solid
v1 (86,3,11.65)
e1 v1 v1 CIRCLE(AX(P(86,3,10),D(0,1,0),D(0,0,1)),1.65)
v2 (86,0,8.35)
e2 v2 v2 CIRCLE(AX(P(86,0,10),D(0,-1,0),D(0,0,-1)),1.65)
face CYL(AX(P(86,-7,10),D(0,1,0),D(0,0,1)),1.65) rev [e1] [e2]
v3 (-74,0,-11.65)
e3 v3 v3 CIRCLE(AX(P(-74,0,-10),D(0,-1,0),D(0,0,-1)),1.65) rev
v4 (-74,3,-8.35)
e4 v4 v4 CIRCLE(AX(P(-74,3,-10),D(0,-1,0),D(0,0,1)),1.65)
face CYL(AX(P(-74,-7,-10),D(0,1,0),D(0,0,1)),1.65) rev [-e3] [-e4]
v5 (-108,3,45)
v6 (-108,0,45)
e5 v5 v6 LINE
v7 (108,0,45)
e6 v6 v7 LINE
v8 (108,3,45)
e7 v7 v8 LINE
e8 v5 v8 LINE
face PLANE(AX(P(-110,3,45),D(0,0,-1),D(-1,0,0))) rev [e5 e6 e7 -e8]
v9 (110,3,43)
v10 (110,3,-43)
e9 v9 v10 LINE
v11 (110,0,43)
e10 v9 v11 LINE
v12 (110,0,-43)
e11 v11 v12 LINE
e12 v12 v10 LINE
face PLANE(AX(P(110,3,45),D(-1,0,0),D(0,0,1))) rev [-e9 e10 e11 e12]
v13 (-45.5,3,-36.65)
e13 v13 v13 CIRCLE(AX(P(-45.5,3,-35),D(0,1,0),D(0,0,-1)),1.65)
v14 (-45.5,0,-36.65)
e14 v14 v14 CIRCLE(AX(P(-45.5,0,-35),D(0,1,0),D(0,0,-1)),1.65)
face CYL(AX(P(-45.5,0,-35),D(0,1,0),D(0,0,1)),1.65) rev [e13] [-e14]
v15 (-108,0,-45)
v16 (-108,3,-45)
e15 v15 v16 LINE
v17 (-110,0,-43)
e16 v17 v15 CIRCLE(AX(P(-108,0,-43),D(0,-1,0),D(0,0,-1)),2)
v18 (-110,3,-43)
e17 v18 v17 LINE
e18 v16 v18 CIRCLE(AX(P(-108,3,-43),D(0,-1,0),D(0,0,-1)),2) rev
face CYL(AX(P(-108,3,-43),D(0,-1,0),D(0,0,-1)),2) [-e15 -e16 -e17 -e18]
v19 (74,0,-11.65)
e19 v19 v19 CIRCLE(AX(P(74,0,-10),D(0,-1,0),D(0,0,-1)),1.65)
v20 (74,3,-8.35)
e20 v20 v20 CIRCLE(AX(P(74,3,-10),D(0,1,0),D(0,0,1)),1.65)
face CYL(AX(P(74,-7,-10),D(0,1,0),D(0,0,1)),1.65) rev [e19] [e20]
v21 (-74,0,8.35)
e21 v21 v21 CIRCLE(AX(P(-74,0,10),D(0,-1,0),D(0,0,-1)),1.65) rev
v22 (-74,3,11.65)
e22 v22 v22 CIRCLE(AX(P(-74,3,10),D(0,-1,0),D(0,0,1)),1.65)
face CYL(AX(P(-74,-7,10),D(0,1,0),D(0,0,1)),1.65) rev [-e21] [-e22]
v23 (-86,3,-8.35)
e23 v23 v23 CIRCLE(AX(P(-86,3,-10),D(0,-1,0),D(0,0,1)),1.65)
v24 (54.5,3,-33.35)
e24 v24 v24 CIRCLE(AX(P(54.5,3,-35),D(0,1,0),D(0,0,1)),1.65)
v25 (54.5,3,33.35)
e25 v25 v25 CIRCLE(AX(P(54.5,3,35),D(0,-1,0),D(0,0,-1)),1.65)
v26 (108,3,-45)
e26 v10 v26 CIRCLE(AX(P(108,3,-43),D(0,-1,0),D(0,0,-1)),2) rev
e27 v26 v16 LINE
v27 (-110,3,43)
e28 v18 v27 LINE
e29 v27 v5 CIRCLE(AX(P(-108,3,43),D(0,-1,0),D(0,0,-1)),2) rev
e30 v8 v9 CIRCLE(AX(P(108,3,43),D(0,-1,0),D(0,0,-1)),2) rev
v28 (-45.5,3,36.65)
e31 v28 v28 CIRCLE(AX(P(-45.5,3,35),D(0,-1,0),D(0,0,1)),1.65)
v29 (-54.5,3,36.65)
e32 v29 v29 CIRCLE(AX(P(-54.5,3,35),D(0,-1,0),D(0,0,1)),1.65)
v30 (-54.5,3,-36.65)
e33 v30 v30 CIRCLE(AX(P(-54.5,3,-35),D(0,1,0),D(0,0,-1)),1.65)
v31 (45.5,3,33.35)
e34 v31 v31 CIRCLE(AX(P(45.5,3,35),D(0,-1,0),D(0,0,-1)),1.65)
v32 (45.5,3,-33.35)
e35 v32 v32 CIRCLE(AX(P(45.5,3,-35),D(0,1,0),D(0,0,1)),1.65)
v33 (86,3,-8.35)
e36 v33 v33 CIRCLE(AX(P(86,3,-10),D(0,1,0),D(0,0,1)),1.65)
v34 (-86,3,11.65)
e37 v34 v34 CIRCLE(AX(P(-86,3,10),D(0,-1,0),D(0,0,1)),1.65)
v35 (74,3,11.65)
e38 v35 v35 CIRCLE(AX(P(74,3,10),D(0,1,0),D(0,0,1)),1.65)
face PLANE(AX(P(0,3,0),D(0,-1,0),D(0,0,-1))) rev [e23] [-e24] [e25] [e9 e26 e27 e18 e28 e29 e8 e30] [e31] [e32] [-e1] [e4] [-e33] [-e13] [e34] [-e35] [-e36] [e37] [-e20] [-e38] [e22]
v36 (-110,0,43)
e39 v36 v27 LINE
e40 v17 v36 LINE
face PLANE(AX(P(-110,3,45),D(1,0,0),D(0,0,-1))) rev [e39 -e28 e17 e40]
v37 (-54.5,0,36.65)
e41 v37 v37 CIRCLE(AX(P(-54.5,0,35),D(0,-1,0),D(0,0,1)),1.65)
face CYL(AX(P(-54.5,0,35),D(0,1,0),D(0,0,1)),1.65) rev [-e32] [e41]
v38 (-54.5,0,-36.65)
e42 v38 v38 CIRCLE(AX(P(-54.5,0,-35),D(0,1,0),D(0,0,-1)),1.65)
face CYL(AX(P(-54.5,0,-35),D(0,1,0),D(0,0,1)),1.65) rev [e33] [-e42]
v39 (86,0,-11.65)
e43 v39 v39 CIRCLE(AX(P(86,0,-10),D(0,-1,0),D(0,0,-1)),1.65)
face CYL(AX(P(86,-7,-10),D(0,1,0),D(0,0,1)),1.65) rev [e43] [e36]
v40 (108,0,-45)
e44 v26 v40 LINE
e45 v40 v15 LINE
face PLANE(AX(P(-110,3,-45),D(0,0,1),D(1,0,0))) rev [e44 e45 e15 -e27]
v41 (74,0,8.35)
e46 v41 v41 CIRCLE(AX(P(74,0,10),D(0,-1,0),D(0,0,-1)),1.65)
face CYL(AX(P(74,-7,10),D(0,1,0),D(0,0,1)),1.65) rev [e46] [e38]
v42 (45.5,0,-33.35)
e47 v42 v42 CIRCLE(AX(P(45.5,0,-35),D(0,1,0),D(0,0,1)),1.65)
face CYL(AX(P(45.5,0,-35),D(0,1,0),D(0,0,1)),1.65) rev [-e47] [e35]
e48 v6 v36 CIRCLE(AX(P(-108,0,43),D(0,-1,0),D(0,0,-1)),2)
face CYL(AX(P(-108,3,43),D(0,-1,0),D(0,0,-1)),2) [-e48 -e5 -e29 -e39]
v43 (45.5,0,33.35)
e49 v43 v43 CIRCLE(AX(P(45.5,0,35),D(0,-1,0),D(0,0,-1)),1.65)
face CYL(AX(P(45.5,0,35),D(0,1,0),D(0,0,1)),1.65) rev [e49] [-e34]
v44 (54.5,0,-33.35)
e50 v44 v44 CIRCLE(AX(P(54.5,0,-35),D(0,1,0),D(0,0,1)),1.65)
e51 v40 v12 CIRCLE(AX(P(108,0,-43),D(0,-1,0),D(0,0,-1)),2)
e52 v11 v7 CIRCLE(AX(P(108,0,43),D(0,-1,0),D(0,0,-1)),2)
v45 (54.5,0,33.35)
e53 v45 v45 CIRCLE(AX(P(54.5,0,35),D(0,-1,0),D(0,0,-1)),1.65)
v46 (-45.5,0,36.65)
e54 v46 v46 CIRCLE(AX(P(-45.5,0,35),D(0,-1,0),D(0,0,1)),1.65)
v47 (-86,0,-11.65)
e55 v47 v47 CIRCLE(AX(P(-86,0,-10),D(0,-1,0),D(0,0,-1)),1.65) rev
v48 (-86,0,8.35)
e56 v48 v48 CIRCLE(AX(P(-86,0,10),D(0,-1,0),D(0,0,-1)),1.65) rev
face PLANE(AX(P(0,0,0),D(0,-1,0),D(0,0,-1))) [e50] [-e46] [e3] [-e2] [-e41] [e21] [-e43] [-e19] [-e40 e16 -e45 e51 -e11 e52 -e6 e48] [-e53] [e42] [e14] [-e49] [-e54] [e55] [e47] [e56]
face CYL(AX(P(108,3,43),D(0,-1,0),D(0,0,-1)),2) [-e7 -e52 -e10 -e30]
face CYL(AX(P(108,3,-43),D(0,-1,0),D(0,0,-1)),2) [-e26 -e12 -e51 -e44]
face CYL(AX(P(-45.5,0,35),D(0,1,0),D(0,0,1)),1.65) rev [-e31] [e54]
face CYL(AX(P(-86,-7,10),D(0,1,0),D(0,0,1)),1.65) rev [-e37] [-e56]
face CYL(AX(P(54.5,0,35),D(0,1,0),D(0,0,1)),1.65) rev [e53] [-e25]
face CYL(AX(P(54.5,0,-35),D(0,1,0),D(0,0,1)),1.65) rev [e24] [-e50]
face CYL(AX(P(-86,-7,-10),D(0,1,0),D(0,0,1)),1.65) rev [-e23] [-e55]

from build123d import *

# Parameters (mm, degrees)
SKETCH_1_W          = 220
SKETCH_1_H          = 90
EXTRUDE_1_DEPTH     = 3
SKETCH_4_R          = 1.65
CUT_EXTRUDE_2_DEPTH = 3
FILLET_1_R          = 2
SKETCH_5_R          = 1.65
CUT_EXTRUDE_3_DEPTH = 10


with BuildPart() as part:
    # 草图1 → 凸台-拉伸1 (new body)
    with BuildSketch(Plane(origin=(0, 0, 0), x_dir=(1, 0, 0), z_dir=(0, 1, 0))):
        Rectangle(SKETCH_1_W, SKETCH_1_H)
    extrude(amount=EXTRUDE_1_DEPTH)

    # 草图4 → 切除-拉伸2 (cut)
    with BuildSketch(Plane(origin=(0, 3, 0), x_dir=(1, 0, 0), z_dir=(0, 1, 0))):
        with Locations(Location((54.5, 35, 0), (0, 0, 270))):
            Circle(SKETCH_4_R)
        with Locations(Location((45.5, 35, 0), (0, 0, 270))):
            Circle(SKETCH_4_R)
        with Locations(Location((-54.5, 35, 0), (0, 0, 90))):
            Circle(SKETCH_4_R)
        with Locations(Location((-45.5, 35, 0), (0, 0, 90))):
            Circle(SKETCH_4_R)
    cut_extrude_2 = extrude(amount=-CUT_EXTRUDE_2_DEPTH, mode=Mode.SUBTRACT)

    # 镜向1: 切除-拉伸2 across plane
    add(cut_extrude_2.mirror(Plane.XY), mode=Mode.SUBTRACT)

    # 圆角1
    fillet_1_edges = [part.edges().sort_by_distance(p)[0] for p in [
        (110, 1.5, 45),
        (-110, 1.5, 45),
        (-110, 1.5, -45),
        (110, 1.5, -45),
    ]]
    fillet(fillet_1_edges, radius=FILLET_1_R)

    # 草图5 → 切除-拉伸3 (cut)
    with BuildSketch(Plane(origin=(0, 3, 0), x_dir=(1, 0, 0), z_dir=(0, 1, 0))):
        with Locations(Location((86, 10, 0), (0, 0, 270))):
            Circle(SKETCH_5_R)
        with Locations(Location((74, 10, 0), (0, 0, 270))):
            Circle(SKETCH_5_R)
        with Locations(Location((74, -10, 0), (0, 0, 270))):
            Circle(SKETCH_5_R)
        with Locations(Location((86, -10, 0), (0, 0, 270))):
            Circle(SKETCH_5_R)
    cut_extrude_3 = extrude(amount=-CUT_EXTRUDE_3_DEPTH, mode=Mode.SUBTRACT)

    # 镜向3: 切除-拉伸3 across plane
    add(cut_extrude_3.mirror(Plane(origin=(0, 0, 0), x_dir=(0, 0, 1), z_dir=(1, 0, 0))), mode=Mode.SUBTRACT)


solid = part.part
